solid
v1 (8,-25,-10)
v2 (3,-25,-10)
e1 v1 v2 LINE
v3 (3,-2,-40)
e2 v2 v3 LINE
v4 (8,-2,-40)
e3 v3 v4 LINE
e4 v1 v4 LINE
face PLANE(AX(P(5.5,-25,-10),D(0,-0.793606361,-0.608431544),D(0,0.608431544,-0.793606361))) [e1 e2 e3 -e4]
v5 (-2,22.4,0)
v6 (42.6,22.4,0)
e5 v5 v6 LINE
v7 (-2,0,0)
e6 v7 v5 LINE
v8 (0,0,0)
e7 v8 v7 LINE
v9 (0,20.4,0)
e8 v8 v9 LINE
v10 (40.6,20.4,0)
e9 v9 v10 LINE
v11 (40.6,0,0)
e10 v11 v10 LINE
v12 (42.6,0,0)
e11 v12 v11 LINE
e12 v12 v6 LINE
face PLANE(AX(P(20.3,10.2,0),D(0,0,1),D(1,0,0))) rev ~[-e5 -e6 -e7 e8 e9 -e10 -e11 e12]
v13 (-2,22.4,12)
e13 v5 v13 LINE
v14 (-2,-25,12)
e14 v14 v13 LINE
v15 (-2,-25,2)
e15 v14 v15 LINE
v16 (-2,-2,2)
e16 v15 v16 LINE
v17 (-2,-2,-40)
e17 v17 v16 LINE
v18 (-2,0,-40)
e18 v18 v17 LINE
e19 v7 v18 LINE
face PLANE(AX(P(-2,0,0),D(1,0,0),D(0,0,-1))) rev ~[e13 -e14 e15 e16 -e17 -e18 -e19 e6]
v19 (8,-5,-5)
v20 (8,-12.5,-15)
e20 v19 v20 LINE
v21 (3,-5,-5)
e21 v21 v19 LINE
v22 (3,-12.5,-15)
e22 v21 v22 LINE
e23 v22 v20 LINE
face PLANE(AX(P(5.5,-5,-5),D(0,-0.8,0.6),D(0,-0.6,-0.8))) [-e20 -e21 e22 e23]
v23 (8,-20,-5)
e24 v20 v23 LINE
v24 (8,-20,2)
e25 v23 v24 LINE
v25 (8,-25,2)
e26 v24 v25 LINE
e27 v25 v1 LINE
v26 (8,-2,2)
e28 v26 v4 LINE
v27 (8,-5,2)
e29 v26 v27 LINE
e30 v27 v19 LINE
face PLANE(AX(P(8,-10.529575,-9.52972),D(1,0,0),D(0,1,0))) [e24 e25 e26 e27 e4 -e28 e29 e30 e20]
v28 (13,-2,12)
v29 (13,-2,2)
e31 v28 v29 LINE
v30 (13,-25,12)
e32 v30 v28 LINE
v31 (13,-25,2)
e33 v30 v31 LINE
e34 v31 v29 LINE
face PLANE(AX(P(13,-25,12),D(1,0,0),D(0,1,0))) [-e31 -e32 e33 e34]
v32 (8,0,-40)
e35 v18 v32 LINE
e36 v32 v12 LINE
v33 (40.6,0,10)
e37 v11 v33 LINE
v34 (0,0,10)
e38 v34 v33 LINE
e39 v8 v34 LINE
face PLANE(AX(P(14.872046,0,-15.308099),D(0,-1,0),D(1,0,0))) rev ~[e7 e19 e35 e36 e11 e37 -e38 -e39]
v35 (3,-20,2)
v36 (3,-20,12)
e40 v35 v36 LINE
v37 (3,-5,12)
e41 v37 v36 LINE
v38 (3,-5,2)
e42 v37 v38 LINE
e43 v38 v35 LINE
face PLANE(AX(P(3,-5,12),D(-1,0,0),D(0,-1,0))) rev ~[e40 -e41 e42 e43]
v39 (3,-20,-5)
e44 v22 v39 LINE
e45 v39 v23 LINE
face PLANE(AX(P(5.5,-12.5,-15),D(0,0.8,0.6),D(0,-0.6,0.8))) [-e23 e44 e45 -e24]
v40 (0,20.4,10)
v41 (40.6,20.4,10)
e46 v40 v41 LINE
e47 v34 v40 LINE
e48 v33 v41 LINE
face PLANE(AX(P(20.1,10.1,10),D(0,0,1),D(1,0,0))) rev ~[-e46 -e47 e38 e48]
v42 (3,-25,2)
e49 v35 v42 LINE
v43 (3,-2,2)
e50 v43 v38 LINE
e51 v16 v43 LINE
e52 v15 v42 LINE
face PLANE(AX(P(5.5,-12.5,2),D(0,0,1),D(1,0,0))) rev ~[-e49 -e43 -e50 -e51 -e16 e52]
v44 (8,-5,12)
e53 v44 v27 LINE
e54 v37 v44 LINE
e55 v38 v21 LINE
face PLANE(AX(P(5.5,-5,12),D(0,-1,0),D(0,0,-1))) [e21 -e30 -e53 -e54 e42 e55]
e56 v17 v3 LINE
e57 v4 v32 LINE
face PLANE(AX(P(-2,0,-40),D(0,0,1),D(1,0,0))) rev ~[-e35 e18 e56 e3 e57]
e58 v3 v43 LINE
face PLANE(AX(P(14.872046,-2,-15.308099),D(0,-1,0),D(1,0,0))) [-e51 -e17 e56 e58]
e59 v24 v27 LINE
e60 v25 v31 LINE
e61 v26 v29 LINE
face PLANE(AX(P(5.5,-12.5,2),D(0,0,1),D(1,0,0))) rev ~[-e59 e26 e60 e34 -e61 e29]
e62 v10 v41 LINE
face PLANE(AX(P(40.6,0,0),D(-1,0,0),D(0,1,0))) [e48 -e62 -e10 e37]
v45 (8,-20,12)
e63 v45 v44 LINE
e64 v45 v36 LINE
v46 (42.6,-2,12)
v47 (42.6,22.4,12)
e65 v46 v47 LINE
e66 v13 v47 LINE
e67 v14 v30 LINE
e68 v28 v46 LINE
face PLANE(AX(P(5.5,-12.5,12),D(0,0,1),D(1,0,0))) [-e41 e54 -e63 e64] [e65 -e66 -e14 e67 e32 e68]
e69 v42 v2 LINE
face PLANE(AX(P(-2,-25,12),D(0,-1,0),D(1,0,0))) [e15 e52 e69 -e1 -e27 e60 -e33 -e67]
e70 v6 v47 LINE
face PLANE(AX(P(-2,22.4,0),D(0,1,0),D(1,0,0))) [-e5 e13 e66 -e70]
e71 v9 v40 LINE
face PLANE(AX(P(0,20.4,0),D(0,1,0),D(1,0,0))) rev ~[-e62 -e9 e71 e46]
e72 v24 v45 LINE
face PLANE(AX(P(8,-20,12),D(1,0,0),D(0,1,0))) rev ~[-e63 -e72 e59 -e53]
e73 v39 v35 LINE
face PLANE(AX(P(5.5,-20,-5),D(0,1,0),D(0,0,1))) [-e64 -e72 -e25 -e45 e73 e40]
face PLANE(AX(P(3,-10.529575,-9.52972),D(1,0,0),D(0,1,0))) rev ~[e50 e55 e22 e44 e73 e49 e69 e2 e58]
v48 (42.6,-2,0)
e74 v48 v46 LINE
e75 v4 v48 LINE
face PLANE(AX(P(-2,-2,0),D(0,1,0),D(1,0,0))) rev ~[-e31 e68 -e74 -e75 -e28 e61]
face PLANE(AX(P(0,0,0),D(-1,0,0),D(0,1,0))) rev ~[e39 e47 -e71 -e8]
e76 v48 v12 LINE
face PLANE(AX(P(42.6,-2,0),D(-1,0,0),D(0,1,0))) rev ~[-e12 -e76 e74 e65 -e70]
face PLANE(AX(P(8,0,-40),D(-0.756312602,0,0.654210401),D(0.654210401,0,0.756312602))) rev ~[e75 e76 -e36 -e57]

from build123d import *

# Parameters (mm, degrees)
SKETCH002_W   = 44.6
SKETCH002_H   = 24.4
SKETCH002_W_2 = 40.6
SKETCH002_H_2 = 20.4
PAD001_DEPTH  = 12
BOX_W         = 44.2
BOX_H         = 24.2
BOX_DEPTH     = 2
PAD_DEPTH     = 2.5
SKETCH003_W   = 15
SKETCH003_H   = 25
PAD002_DEPTH  = 10
PAD003_DEPTH  = 2


with BuildPart() as part:
    # Sketch002 → Pad001 (new body)
    with BuildSketch(Plane.XY):
        with Locations((20.3, 10.2)):
            Rectangle(SKETCH002_W, SKETCH002_H)
        with Locations((20.3, 10.2)):
            Rectangle(SKETCH002_W_2, SKETCH002_H_2, mode=Mode.SUBTRACT)
    extrude(amount=PAD001_DEPTH)

    # Box → Box (join)
    with BuildSketch(Plane(origin=(-2, -2, 10), x_dir=(1, 0, 0), z_dir=(0, 0, 1))):
        with Locations((22.1, 12.1)):
            Rectangle(BOX_W, BOX_H)
    extrude(amount=BOX_DEPTH)

    # Sketch → Pad (join, symmetric)
    with BuildSketch(Plane.YZ.offset(5.5)):
        Polygon((-25, -10), (-2, -40), (0, -40), (0, -10), (0, 12), (-5, 12), (-5, -5), (-12.5, -15), (-20, -5), (-20, 12), (-25, 12), align=None)
    extrude(amount=PAD_DEPTH, both=True)

    # Sketch003 → Pad002 (join)
    with BuildSketch(Plane.XY.offset(12)):
        with Locations((5.5, -12.5)):
            Rectangle(SKETCH003_W, SKETCH003_H)
        with BuildLine():
            Line((3, -5), (3, -20))
            ThreePointArc((3, -20), (5.5, -22.5), (8, -20))
            Line((8, -20), (8, -5))
            ThreePointArc((8, -5), (5.5, -2.5), (3, -5))
        make_face(mode=Mode.SUBTRACT)
    extrude(amount=-PAD002_DEPTH)

    # Sketch004 → Pad003 (join)
    with BuildSketch(Plane.XZ):
        Polygon((-2, 0), (-2, -40), (8, -40), (42.6, 0), align=None)
    extrude(amount=PAD003_DEPTH)


solid = part.part
